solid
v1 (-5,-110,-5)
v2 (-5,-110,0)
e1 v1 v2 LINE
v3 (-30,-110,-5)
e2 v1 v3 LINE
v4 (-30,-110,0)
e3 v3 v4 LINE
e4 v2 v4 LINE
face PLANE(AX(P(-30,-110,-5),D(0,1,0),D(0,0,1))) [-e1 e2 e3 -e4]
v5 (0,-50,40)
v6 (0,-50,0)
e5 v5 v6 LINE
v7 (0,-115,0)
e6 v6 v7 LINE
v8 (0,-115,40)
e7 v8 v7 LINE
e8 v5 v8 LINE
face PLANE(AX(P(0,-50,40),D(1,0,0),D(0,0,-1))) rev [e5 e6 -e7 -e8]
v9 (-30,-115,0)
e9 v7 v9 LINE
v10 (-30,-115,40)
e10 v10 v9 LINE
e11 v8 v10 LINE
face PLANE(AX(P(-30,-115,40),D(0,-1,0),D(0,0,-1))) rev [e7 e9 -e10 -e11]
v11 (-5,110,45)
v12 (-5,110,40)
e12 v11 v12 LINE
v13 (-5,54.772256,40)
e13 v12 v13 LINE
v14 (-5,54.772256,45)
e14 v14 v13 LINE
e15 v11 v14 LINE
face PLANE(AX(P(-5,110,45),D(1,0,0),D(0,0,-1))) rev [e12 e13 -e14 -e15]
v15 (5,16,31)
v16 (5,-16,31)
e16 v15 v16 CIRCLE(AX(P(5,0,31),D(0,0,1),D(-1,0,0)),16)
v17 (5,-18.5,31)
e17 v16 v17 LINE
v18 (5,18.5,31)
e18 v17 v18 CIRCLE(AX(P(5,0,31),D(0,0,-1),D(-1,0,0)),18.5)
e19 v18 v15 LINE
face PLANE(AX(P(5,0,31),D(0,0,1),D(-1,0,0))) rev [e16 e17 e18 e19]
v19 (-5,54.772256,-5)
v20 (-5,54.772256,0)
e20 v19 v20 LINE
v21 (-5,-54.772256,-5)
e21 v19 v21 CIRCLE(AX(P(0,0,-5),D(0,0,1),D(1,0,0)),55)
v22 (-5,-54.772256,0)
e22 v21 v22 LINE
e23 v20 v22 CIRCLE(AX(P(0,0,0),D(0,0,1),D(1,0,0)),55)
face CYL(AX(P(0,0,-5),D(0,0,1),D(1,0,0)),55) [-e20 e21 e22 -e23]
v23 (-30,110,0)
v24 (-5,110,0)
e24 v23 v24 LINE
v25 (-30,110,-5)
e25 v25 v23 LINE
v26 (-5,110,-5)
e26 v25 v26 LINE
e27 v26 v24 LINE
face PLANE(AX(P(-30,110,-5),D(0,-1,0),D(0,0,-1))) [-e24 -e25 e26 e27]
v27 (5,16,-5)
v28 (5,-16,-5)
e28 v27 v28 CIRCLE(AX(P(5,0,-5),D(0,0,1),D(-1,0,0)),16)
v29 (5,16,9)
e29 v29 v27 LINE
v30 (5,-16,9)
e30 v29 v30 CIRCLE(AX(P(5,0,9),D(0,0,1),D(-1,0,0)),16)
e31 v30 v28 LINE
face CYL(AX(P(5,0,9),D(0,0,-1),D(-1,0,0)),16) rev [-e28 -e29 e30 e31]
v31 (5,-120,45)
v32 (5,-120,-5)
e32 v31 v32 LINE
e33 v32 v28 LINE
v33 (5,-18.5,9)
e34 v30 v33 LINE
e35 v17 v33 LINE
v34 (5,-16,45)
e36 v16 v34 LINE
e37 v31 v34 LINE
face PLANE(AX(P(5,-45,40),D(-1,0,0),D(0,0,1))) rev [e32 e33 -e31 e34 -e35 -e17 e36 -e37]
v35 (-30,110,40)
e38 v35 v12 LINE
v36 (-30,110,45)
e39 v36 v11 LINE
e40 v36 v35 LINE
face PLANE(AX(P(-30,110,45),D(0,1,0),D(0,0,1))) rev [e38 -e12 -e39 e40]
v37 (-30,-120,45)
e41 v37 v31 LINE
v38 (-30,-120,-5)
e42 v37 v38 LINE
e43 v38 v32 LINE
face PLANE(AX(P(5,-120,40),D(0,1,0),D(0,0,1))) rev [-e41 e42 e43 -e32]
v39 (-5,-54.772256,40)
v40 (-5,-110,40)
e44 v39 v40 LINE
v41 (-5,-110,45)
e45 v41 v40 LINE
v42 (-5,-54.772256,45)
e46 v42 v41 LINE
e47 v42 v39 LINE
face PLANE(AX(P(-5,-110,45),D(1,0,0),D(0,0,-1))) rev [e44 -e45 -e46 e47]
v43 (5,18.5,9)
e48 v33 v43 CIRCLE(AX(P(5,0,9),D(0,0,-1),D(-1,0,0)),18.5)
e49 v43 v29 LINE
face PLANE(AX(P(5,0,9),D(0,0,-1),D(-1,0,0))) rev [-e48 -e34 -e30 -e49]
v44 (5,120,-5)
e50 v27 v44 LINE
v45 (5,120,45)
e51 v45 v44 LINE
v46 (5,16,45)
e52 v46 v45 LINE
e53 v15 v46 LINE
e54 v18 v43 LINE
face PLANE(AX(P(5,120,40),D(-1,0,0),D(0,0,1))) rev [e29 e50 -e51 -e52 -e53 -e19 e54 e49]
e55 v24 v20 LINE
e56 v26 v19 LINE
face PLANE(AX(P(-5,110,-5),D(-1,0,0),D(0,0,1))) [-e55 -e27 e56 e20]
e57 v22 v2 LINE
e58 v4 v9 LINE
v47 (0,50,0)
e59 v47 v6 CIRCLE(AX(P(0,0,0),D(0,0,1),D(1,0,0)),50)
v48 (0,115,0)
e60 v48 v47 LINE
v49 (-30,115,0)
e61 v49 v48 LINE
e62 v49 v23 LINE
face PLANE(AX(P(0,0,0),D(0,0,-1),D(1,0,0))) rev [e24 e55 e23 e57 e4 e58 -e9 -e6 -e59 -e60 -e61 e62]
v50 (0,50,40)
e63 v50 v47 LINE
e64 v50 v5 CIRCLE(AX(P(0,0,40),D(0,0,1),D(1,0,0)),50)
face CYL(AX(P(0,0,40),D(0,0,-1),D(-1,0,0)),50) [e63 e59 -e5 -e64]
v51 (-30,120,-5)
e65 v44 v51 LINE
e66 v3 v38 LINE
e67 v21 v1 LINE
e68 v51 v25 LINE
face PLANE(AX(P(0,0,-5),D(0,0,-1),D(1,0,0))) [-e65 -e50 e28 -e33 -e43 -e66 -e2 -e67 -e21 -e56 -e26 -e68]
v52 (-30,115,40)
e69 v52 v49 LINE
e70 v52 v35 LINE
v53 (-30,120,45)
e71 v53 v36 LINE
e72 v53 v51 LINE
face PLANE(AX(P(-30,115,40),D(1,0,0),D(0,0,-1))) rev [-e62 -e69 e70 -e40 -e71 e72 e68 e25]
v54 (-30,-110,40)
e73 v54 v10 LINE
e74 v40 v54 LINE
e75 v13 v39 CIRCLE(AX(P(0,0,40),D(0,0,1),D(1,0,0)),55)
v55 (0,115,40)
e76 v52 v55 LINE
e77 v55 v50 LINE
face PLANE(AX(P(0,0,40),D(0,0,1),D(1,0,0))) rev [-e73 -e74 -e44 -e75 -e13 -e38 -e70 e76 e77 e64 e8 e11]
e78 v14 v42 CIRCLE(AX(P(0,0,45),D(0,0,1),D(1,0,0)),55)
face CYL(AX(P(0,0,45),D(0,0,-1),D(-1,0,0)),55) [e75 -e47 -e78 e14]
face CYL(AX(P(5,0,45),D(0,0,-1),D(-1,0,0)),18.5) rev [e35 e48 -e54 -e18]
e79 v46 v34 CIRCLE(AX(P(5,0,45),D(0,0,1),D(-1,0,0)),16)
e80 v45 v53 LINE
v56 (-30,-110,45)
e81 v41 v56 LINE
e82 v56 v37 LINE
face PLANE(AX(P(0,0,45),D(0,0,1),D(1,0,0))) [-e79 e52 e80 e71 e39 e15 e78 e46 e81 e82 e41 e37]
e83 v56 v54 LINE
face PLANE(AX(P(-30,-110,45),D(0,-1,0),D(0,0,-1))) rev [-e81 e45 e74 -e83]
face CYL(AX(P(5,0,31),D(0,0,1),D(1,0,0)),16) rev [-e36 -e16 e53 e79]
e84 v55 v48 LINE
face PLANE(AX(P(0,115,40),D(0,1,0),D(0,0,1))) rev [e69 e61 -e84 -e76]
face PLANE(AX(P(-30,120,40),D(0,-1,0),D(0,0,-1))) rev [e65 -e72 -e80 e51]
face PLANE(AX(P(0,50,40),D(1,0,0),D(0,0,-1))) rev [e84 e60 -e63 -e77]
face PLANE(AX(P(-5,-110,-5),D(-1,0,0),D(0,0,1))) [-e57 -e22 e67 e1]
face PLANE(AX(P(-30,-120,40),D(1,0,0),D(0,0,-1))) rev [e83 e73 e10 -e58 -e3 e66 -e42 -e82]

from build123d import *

# Parameters (mm, degrees)
SALIENTE_EXTRUIR1_DEPTH = 40
SALIENTE_EXTRUIR2_DEPTH = 5
SALIENTE_EXTRUIR3_DEPTH = 50
SALIENTE_EXTRUIR4_DEPTH = 14


with BuildPart() as part:
    # Croquis1 → Saliente-Extruir1 (new body)
    with BuildSketch(Plane.XY):
        with BuildLine():
            Line((0, 50), (0, 115))
            Line((0, 115), (-30, 115))
            Line((-30, 115), (-30, 120))
            Line((-30, 120), (5, 120))
            Line((5, 120), (5, 45))
            Line((5, 45), (0, 45))
            ThreePointArc((0, 45), (-45, 0), (0, -45))
            Line((0, -45), (5, -45))
            Line((5, -45), (5, -120))
            Line((5, -120), (-30, -120))
            Line((-30, -120), (-30, -115))
            Line((-30, -115), (0, -115))
            Line((0, -115), (0, -50))
            ThreePointArc((0, -50), (-50, 0), (0, 50))
        make_face()
    extrude(amount=SALIENTE_EXTRUIR1_DEPTH)

    # Croquis2 → Saliente-Extruir2 (add)
    with BuildSketch(Plane.XY.offset(40)):
        with BuildLine():
            Line((5, 120), (-30, 120))
            Line((-30, 120), (-30, 110))
            Line((-30, 110), (-5, 110))
            Line((-5, 110), (-5, 54.772255751))
            ThreePointArc((-5, 54.772255751), (-55, 0), (-5, -54.772255751))
            Line((-5, -54.772255751), (-5, -110))
            Line((-5, -110), (-30, -110))
            Line((-30, -110), (-30, -120))
            Line((-30, -120), (5, -120))
            Line((5, -120), (5, -45))
            Line((5, -45), (0, -45))
            ThreePointArc((0, -45), (-45, 0), (0, 45))
            Line((0, 45), (5, 45))
            Line((5, 45), (5, 120))
        make_face()
    saliente_extruir2 = extrude(amount=SALIENTE_EXTRUIR2_DEPTH)

    # Simetría1: Saliente-Extruir2 across plane
    add(saliente_extruir2.mirror(Plane.XY.offset(20)))

    # Croquis3 → Saliente-Extruir3 (add)
    with BuildSketch(Plane(origin=(0, 0, -5), x_dir=(-1, 0, 0), z_dir=(0, 0, -1))):
        with BuildLine():
            Line((-5, 45.111824995), (-5, 18.5))
            ThreePointArc((-5, 18.5), (13.5, 0), (-5, -18.5))
            Line((-5, -18.5), (-5, -44.72135955))
            Line((-5, -44.72135955), (-5, -45))
            Line((-5, -45), (0, -45))
            ThreePointArc((0, -45), (45, 0), (0, 45))
            Line((0, 45), (-5, 45.111824995))
        make_face()
    extrude(amount=-SALIENTE_EXTRUIR3_DEPTH)

    # Croquis4 → Saliente-Extruir4 (add)
    with BuildSketch(Plane(origin=(0, 0, -5), x_dir=(-1, 0, 0), z_dir=(0, 0, -1))):
        with BuildLine():
            Line((-5, 18.5), (-5, 16))
            ThreePointArc((-5, 16), (11, 0), (-5, -16))
            Line((-5, -16), (-5, -18.5))
            ThreePointArc((-5, -18.5), (13.5, 0), (-5, 18.5))
        make_face()
    saliente_extruir4 = extrude(amount=-SALIENTE_EXTRUIR4_DEPTH)

    # Simetría2: Saliente-Extruir4 across plane
    add(saliente_extruir4.mirror(Plane.XY.offset(20)))


solid = part.part
